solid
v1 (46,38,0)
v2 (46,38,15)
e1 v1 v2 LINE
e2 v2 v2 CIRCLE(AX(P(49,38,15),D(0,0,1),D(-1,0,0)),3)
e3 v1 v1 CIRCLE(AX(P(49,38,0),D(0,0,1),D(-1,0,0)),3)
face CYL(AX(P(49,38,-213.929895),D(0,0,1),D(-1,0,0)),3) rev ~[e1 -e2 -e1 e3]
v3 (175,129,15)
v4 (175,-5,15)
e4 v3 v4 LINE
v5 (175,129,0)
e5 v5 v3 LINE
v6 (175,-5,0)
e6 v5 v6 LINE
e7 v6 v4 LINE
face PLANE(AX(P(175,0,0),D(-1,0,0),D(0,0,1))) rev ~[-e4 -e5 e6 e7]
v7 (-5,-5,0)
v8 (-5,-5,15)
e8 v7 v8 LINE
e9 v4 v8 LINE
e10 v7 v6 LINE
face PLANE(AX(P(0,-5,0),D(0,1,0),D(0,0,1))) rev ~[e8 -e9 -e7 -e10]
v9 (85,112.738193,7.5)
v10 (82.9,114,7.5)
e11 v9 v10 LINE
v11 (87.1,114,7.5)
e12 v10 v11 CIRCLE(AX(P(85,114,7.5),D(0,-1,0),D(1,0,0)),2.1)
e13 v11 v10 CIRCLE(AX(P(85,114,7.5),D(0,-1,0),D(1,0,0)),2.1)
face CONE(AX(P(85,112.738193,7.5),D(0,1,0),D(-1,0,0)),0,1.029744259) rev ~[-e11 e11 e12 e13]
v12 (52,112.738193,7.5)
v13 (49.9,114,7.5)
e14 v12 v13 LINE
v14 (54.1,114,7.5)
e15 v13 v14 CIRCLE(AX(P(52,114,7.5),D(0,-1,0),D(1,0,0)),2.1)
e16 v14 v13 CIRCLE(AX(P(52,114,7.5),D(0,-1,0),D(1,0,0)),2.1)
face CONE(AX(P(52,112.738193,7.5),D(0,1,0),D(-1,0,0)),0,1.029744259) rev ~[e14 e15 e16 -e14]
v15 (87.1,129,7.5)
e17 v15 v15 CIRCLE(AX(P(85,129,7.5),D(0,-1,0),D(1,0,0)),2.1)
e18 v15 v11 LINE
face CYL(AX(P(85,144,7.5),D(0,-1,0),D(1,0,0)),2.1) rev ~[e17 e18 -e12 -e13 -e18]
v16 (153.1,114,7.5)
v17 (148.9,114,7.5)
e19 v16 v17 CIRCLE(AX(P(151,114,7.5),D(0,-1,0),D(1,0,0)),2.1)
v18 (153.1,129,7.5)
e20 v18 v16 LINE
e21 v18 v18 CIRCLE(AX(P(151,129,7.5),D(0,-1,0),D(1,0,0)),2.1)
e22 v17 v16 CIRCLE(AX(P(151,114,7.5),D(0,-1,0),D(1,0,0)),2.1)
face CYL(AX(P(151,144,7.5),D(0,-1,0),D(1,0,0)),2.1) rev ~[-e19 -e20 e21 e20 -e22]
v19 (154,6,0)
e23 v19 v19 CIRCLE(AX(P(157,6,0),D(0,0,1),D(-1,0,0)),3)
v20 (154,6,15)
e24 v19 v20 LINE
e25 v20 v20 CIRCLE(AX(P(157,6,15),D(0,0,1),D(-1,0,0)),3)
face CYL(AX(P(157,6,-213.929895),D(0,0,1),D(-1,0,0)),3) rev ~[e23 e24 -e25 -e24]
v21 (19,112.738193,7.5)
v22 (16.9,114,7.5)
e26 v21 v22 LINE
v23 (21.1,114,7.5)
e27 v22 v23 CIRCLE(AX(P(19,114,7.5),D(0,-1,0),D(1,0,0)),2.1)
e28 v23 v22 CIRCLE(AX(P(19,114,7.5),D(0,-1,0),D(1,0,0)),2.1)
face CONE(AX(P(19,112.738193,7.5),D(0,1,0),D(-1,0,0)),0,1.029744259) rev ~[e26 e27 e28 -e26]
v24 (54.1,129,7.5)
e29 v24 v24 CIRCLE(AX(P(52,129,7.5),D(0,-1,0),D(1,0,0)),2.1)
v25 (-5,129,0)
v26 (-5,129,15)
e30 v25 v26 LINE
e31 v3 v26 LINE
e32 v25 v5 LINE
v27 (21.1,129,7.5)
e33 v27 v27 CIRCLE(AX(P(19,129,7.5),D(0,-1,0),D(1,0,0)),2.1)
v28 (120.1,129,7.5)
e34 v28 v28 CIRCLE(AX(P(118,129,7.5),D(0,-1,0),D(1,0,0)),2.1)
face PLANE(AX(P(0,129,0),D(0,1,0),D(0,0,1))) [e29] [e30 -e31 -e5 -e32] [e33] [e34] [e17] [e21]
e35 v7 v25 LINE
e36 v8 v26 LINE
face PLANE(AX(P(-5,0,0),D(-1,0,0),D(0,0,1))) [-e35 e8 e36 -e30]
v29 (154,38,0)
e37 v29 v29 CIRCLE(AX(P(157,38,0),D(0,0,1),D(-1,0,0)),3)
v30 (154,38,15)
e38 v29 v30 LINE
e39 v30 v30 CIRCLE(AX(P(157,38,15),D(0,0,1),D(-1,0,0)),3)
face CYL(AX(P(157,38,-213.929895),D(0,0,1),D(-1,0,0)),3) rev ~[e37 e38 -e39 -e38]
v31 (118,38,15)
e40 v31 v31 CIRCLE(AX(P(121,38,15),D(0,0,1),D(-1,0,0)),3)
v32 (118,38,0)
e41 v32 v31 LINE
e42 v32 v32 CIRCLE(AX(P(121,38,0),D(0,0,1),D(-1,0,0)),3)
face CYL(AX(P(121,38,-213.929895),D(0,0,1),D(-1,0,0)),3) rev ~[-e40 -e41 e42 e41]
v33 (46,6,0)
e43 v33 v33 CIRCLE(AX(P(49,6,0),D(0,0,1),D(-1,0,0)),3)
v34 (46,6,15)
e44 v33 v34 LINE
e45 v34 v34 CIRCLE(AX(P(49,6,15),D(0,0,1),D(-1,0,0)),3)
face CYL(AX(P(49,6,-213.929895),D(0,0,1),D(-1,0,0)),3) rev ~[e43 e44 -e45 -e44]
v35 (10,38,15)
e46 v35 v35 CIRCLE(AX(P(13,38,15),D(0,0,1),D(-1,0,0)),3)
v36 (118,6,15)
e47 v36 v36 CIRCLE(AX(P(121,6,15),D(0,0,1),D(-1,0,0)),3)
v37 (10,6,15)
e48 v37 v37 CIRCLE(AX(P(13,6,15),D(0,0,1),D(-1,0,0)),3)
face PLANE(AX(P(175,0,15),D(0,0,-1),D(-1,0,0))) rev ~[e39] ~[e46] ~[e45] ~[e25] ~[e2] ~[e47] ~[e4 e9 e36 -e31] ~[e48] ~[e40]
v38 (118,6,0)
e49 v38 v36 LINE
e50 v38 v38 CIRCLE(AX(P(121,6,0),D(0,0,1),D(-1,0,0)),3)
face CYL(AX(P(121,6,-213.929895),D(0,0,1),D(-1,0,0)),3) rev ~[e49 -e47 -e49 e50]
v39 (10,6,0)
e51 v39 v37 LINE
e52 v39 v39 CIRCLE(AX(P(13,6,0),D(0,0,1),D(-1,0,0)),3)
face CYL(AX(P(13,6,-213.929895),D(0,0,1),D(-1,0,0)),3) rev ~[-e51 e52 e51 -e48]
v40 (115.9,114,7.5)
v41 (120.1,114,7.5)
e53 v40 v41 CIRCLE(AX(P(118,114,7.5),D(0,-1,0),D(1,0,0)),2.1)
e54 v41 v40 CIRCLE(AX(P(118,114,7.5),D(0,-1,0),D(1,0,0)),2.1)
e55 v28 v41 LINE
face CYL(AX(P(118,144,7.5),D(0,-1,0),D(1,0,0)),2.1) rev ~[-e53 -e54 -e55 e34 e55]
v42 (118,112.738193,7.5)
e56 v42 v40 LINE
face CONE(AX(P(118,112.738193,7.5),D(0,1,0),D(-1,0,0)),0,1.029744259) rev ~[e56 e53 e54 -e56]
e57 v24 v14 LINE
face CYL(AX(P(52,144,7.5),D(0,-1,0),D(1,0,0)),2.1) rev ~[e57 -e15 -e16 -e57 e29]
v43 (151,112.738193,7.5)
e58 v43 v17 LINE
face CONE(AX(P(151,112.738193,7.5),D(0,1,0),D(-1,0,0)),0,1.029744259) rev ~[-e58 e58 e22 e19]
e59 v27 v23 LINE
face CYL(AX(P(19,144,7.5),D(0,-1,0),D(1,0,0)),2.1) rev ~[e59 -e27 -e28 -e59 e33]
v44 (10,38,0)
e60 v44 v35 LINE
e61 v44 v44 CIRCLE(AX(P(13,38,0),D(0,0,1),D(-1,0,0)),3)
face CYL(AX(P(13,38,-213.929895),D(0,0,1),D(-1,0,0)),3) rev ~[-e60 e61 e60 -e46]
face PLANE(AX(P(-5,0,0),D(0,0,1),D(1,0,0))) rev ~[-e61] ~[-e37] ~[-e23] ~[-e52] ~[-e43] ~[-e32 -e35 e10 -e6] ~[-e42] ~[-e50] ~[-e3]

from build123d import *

# Parameters (mm, degrees)
F0_W     = 129
F0_H     = 15
F1_DEPTH = 170
F3_D     = 6
F5_D     = 4.2
F5_DEPTH = 15
F5_TIP   = 1.2618073
F6_DEPTH = 5
F7_DEPTH = 5
F8_DEPTH = 5


with BuildPart() as f1:
    # F0 (on Right) → F1 (new body)
    with BuildSketch(Plane.YZ):
        with Locations((64.5, 7.5)):
            Rectangle(F0_W, F0_H)
    extrude(amount=F1_DEPTH)

    # F3 (through all)
    with Locations(Plane(origin=(0, 0, 0), x_dir=(1, 0, 0), z_dir=(0, 0, -1))):
        with Locations((13, -6), (13, -38), (49, -6), (49, -38), (121, -38), (121, -6), (157, -6), (157, -38)):
            Hole(F3_D / 2)

    # F5
    with Locations(Plane(origin=(0, 129, 0), x_dir=(-1, 0, 0), z_dir=(0, 1, 0))):
        with Locations((-151, 7.5), (-85, 7.5), (-118, 7.5), (-52, 7.5), (-19, 7.5)):
            Hole(F5_D / 2, depth=F5_DEPTH)
            with Locations((0, 0, -(F5_DEPTH + F5_TIP / 2))):  # 118° drill point
                Cone(0, F5_D / 2, F5_TIP, mode=Mode.SUBTRACT)

    # F6 (add): a face of the model
    f6_faces = [f1.faces().sort_by_distance(p)[0] for p in [
        (170, 64.5, 7.5),
    ]]
    extrude(f6_faces, amount=F6_DEPTH)

    # F7 (add): a face of the model
    f7_faces = [f1.faces().sort_by_distance(p)[0] for p in [
        (0, 64.5, 7.5),
    ]]
    extrude(f7_faces, amount=F7_DEPTH)

    # F8 (add): a face of the model
    f8_faces = [f1.faces().sort_by_distance(p)[0] for p in [
        (85, 0, 7.5),
    ]]
    extrude(f8_faces, amount=F8_DEPTH)


solid = f1.part
